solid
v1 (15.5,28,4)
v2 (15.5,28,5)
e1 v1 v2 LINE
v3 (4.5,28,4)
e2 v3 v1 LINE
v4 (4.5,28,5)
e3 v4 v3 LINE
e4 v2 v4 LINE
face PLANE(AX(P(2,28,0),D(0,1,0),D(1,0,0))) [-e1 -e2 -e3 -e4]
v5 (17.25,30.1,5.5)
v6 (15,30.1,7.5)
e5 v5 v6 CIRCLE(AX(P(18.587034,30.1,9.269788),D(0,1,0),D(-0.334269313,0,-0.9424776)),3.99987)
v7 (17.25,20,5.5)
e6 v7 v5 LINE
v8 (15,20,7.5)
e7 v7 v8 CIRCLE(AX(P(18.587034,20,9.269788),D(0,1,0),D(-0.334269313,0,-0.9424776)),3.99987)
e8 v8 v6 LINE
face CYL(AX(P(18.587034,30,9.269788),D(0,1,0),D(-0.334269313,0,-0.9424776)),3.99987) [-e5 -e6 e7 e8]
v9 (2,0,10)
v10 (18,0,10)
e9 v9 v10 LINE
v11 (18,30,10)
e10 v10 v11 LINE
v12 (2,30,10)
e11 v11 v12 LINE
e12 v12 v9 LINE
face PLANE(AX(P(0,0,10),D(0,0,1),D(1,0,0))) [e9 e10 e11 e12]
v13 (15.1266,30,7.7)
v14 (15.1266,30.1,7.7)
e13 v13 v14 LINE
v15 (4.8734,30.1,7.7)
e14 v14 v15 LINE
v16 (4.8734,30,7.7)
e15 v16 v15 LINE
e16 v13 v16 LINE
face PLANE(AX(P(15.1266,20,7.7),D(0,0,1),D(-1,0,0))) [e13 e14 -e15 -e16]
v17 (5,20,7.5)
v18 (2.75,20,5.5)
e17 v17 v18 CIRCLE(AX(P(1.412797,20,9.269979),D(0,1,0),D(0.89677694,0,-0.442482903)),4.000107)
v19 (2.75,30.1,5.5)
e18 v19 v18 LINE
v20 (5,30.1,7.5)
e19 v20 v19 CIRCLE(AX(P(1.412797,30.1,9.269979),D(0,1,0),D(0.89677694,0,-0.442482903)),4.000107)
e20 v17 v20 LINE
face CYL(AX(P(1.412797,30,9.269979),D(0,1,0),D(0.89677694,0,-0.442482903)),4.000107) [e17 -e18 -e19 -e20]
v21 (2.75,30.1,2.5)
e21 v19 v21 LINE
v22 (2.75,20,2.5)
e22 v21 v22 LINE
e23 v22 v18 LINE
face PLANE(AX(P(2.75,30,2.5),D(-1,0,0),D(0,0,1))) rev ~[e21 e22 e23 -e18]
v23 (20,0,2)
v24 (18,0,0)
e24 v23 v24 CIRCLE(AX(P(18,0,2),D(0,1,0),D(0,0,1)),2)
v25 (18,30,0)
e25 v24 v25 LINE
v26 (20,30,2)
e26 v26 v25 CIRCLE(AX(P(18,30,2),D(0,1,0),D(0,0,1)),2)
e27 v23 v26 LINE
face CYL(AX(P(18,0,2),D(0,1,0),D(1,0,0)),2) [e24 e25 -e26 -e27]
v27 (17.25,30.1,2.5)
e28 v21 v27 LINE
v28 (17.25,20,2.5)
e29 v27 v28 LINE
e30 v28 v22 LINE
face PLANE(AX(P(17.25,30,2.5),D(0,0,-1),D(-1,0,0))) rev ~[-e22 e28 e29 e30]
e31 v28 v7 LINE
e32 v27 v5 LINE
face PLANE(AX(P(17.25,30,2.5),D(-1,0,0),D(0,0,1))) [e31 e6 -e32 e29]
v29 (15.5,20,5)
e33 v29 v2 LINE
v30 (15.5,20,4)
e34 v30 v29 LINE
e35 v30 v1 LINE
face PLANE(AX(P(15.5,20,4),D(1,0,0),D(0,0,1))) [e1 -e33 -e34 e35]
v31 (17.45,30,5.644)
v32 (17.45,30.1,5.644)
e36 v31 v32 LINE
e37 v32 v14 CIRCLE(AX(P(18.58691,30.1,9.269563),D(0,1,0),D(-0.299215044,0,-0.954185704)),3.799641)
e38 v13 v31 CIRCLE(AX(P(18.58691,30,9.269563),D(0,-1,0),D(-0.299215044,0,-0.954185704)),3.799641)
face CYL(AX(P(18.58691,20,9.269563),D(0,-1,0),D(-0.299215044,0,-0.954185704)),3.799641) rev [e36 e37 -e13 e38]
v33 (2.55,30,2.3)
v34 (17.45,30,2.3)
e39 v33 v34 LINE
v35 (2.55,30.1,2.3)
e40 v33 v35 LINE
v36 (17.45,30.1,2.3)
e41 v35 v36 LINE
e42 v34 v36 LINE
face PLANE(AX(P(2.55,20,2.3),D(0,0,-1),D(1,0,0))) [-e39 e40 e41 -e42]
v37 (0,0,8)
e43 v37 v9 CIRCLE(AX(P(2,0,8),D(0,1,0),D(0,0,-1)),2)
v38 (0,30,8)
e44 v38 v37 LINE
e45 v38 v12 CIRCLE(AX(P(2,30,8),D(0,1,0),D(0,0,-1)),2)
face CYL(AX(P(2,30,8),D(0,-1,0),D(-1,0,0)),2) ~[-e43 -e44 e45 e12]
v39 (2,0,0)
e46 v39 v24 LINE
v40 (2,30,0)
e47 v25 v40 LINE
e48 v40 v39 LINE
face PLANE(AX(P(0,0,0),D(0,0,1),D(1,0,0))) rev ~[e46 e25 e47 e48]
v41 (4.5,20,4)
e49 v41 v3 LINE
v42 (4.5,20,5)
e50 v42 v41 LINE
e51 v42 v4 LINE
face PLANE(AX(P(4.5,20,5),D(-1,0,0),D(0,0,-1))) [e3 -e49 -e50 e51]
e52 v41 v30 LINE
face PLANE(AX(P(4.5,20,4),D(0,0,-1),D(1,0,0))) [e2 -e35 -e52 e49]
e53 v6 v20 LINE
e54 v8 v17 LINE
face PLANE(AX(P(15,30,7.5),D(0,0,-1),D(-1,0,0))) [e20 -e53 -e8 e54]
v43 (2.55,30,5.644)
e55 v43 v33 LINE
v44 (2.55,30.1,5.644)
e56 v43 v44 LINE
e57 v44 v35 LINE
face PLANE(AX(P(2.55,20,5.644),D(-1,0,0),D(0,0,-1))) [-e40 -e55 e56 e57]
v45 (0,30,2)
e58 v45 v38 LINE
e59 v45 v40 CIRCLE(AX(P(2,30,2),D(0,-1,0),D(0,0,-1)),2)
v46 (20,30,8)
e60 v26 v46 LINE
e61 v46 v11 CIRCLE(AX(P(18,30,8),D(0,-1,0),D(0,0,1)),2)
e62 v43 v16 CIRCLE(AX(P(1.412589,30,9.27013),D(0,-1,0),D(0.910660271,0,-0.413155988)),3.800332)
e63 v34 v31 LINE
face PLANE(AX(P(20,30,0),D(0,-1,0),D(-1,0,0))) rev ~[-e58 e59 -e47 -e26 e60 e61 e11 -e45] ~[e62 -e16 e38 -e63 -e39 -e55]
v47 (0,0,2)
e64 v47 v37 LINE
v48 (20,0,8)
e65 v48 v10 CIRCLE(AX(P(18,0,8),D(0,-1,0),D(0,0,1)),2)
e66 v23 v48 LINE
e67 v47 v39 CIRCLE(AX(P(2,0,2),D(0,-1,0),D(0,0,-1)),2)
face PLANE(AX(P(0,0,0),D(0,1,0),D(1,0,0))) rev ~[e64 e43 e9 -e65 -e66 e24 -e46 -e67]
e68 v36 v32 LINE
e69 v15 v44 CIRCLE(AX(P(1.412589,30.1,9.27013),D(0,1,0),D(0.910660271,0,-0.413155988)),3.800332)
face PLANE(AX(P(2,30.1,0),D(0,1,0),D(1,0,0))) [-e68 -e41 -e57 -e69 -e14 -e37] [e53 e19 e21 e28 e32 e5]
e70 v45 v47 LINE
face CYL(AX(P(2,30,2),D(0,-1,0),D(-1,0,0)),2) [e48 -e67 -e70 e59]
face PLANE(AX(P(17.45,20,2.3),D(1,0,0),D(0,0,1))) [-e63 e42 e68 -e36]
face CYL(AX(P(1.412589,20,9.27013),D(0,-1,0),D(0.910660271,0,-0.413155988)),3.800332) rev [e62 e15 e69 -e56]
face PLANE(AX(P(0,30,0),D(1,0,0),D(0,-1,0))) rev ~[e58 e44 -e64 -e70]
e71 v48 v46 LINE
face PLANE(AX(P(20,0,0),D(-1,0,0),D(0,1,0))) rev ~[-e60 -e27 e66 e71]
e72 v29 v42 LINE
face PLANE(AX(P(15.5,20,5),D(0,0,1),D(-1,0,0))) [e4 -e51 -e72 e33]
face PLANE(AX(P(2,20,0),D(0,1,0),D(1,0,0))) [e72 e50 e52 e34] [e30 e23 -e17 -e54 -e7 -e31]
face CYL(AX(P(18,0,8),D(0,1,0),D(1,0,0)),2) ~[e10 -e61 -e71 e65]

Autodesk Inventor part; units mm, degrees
ref_plane "YZ Plane" through (0, 0, 0) normal (1, 0, 0) x (0, 1, 0)
ref_plane "XZ Plane" through (0, 0, 0) normal (0, 1, 0) x (-1, 0, 0)
ref_plane "XY Plane" through (0, 0, 0) normal (0, 0, 1) x (1, 0, 0)
sketch "Sketch1" plane through (0, 0, 0) normal (0, 0, 1) x (1, 0, 0)
  line L0 (0, 0) -> (20, 0)
  line L1 (20, 0) -> (20, 30)
  line L2 (20, 30) -> (0, 30)
  line L3 (0, 30) -> (0, 0)
  dimension "d0" = 20
  dimension "d1" = 30
extrude "Extrusion1" add sketch "Sketch1" along normal blind 10
fillet "Fillet1" radius 2 4 edges at (0, 15, 10) (20, 15, 10) (20, 15, 0) (0, 15, 0)
sketch "Sketch2" plane through (2, 30, 0) normal (0, 1, 0) x (1, 0, 0)
  line L0 (15.25, -2.5) -> (0.75, -2.5)
  line L1 (0.75, -2.5) -> (0.75, -5.5)
  line L2 (15.25, -2.5) -> (15.25, -5.5)
  line L3 (13, -7.5) -> (3, -7.5)
  line L4 (16, -10) -> (0, -10) projected
  line L5 (8, -2.5) -> (8, -7.5) construction
  line L6 (18, -2) -> (18, -8) projected
  arc A0 (15.25, -5.5) -> (13, -7.5) centre (16.5871, -9.2699) ccw
  arc A1 (3, -7.5) -> (0.75, -5.5) centre (-0.5871, -9.2699) ccw
  point P0 (-2, 0)
  point P1 (8, -10)
  point P2 (8, -5)
  point P3 (18, -5)
  dimension "d5" = 14.5
  dimension "d6" = 3
  dimension "d7" = 2
  dimension "d8" = 10
  dimension "d9" = 4
  dimension "d10" = 4
extrude "Extrusion2" cut sketch "Sketch2" against normal blind 10
sketch "Sketch3" plane through (2, 20, 0) normal (0, 1, 0) x (1, 0, 0)
  line L0 (0.75, -2.5) -> (15.25, -2.5) projected
  line L1 (0.75, -5.5) -> (0.75, -2.5) projected
  arc A0 (3, -7.5) -> (0.75, -5.5) centre (-0.5871, -9.2699) ccw projected
  line L2 (13, -7.5) -> (3, -7.5) projected
  arc A1 (15.25, -5.5) -> (13, -7.5) centre (16.5871, -9.2699) ccw projected
  line L3 (15.25, -2.5) -> (15.25, -5.5) projected
  arc A2 (2.8734, -7.7) -> (0.55, -5.644) centre (-0.5871, -9.2699) ccw
  line L4 (0.55, -5.644) -> (0.55, -2.3)
  line L5 (0.55, -2.3) -> (15.45, -2.3)
  line L6 (15.45, -2.3) -> (15.45, -5.644)
  arc A3 (15.45, -5.644) -> (13.1266, -7.7) centre (16.5871, -9.2699) ccw
  line L7 (13.1266, -7.7) -> (2.8734, -7.7)
  point P0 (-2, 0)
  dimension "d13" = 0.2
extrude "Extrusion3" add sketch "Sketch3" along normal blind 10.1
sketch "Sketch4" plane through (2, 20, 0) normal (0, 1, 0) x (1, 0, 0)
  line L0 (13.5, -5) -> (2.5, -5)
  line L1 (2.5, -5) -> (2.5, -4)
  line L2 (2.5, -4) -> (13.5, -4)
  line L3 (13.5, -4) -> (13.5, -5)
  line L4 (13, -7.5) -> (3, -7.5) projected
  line L5 (0.75, -2.5) -> (15.25, -2.5) projected
  point P0 (-2, 0)
  point P1 (8, -5)
  point P2 (8, -7.5)
  dimension "d16" = 11
  dimension "d17" = 1
  dimension "d18" = 1.5
extrude "Extrusion4" add sketch "Sketch4" along normal blind 8
properties part number "HDMI Port" material "ABS Plastic"
